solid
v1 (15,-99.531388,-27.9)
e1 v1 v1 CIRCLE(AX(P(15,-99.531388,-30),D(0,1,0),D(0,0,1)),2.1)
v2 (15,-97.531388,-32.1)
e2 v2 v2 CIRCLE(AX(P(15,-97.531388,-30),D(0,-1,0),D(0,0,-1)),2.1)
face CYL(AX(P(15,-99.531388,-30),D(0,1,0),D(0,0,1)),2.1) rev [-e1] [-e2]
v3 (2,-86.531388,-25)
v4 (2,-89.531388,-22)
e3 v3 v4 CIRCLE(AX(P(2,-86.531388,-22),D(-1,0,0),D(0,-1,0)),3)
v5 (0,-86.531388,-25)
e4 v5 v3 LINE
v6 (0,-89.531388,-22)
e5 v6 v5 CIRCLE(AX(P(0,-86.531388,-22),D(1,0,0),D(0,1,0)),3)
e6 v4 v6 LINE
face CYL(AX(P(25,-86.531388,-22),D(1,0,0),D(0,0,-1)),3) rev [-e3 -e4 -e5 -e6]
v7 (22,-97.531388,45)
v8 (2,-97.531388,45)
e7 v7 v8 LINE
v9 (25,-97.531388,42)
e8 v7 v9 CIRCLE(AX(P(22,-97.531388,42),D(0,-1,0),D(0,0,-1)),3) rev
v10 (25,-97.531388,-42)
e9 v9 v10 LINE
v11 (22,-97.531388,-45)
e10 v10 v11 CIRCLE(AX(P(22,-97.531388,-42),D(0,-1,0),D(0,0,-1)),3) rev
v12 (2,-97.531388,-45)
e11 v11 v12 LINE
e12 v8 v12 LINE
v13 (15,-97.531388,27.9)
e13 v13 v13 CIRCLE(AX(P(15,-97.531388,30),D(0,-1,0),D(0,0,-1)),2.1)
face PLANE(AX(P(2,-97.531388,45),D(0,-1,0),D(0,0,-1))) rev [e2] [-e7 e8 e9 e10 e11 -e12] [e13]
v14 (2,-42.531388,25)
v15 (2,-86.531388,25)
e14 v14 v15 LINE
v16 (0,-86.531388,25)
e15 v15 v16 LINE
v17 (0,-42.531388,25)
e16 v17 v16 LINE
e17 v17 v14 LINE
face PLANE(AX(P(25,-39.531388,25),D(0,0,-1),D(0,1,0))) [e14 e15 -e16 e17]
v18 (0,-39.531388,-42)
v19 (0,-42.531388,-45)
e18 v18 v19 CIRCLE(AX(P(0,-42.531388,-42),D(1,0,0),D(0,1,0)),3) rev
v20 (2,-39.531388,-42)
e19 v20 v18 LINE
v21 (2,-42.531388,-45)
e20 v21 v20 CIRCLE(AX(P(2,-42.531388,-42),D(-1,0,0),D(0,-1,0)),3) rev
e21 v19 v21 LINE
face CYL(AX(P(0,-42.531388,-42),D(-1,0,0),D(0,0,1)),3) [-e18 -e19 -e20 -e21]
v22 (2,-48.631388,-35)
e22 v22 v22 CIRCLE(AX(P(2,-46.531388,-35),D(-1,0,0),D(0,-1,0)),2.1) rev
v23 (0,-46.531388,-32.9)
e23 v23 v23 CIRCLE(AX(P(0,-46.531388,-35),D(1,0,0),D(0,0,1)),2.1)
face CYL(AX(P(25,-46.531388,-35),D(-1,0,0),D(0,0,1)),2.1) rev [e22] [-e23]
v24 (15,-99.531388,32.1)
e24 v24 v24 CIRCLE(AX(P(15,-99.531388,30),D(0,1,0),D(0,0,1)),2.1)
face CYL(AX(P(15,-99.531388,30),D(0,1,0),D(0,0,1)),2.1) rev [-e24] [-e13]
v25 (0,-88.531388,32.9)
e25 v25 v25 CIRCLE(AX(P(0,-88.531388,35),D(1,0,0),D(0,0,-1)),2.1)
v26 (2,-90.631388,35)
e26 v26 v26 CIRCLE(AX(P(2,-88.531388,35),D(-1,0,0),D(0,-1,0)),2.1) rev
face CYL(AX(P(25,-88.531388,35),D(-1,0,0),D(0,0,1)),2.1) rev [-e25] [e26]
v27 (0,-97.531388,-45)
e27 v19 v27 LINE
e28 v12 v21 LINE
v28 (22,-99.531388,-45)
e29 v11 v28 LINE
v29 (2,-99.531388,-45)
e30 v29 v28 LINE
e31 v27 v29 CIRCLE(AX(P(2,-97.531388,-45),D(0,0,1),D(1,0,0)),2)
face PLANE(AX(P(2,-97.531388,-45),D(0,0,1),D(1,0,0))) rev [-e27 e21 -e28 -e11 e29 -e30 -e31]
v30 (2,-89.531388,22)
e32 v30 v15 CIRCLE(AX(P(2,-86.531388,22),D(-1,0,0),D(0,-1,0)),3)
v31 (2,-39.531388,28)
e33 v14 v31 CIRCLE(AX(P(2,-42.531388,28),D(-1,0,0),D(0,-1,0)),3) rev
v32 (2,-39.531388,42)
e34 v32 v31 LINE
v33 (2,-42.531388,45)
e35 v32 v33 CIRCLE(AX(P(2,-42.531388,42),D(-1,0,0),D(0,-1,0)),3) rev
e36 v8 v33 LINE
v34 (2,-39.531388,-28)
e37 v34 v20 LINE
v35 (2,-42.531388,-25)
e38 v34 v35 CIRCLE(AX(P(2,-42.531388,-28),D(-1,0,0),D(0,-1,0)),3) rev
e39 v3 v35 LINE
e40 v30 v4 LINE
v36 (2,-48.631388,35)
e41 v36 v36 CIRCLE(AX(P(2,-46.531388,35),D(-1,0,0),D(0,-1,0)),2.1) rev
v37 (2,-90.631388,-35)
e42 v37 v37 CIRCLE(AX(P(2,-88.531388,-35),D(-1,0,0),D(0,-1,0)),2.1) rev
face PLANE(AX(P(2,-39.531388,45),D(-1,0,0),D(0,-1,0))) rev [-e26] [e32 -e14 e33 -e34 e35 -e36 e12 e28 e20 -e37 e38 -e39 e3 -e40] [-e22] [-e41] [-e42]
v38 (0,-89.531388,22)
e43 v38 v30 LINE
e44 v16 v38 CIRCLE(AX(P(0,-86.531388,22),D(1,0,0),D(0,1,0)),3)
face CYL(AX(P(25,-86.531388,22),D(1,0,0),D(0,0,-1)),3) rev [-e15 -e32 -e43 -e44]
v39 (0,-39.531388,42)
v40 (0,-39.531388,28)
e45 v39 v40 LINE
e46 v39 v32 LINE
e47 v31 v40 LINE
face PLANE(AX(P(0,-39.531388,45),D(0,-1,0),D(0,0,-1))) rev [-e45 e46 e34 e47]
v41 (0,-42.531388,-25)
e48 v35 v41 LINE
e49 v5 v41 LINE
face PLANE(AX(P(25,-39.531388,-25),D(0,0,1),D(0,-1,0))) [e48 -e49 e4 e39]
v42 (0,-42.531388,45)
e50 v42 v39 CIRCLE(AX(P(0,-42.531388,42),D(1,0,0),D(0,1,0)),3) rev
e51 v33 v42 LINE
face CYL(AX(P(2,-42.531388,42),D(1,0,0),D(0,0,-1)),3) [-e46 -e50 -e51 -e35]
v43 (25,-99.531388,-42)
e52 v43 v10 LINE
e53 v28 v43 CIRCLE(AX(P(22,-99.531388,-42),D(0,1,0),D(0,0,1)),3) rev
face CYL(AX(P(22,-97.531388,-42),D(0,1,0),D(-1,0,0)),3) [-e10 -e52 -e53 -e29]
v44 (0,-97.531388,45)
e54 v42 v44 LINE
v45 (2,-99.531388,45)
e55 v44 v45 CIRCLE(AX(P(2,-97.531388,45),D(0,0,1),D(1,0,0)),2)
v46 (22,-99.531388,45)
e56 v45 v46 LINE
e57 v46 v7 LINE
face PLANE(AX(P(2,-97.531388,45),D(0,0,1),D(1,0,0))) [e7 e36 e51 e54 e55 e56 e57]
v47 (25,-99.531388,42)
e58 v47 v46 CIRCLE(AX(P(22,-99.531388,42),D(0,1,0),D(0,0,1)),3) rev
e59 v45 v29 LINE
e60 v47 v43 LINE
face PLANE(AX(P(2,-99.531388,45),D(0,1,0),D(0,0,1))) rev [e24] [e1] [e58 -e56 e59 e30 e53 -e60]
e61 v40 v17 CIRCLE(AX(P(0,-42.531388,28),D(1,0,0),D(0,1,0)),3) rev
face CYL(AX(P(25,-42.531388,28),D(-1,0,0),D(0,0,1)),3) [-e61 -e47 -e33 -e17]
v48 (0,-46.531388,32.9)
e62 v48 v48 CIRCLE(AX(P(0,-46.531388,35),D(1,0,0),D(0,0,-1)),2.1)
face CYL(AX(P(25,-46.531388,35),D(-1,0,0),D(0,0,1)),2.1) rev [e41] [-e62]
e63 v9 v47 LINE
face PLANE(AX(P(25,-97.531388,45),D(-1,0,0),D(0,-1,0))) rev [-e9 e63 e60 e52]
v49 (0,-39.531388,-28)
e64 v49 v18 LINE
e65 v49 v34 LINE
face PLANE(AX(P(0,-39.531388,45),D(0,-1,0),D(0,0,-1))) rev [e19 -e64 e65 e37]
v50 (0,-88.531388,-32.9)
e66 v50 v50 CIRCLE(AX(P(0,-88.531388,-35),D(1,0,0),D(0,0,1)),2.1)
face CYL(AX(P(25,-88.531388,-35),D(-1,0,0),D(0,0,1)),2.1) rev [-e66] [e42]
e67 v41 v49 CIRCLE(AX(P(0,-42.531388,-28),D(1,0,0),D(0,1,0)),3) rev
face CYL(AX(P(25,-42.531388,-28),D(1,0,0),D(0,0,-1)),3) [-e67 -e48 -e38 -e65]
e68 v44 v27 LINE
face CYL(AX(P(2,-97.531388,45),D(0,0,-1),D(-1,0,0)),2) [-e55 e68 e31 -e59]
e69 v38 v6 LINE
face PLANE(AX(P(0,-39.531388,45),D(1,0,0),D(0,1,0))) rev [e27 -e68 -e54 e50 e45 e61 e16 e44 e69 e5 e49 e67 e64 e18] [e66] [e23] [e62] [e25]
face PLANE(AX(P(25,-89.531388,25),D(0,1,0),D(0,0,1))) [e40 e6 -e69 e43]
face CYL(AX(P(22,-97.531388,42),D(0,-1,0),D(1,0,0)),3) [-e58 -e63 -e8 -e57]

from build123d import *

# Parameters (mm, degrees)
EXTRUDE_1_DEPTH     = 45
SKETCH_2_R          = 2.1
SKETCH_2_W          = 50
SKETCH_2_H          = 50
CUT_EXTRUDE_2_DEPTH = 113.055777281
SKETCH_3_R          = 2.1
CUT_EXTRUDE_3_DEPTH = 113.055777281
FILLET_1_R          = 3


with BuildPart() as part:
    # ｽｹｯﾁ1 → ﾎﾞｽ - 押し出し1 (new, symmetric)
    with BuildSketch(Plane.XY):
        with BuildLine():
            Line((0, -39.531388125), (2, -39.531388125))
            Line((2, -39.531388125), (2, -97.531388125))
            Line((2, -97.531388125), (25, -97.531388125))
            Line((25, -97.531388125), (25, -99.531388125))
            Line((25, -99.531388125), (2, -99.531388125))
            ThreePointArc((2, -99.531388125), (0.585786438, -98.945601688), (0, -97.531388125))
            Line((0, -97.531388125), (0, -39.531388125))
        make_face()
    extrude(amount=EXTRUDE_1_DEPTH, both=True)

    # ｽｹｯﾁ2 → ｶｯﾄ - 押し出し2 (cut, through all)
    with BuildSketch(Plane(origin=(0, 0, 0), x_dir=(0, 0, -1), z_dir=(1, 0, 0))):
        with Locations(Location((-35, -46.531388125, 0), (0, 0, 270))):
            Circle(SKETCH_2_R)
        with Locations(Location((-35, -88.531388125, 0), (0, 0, 270))):
            Circle(SKETCH_2_R)
        with Locations(Location((35, -88.531388125, 0), (0, 0, 180))):
            Circle(SKETCH_2_R)
        with Locations(Location((35, -46.531388125, 0), (0, 0, 180))):
            Circle(SKETCH_2_R)
        with Locations((0, -64.531388125)):
            Rectangle(SKETCH_2_W, SKETCH_2_H)
    extrude(amount=CUT_EXTRUDE_2_DEPTH, mode=Mode.SUBTRACT)

    # ｽｹｯﾁ3 → ｶｯﾄ - 押し出し3 (cut, through all)
    with BuildSketch(Plane(origin=(0, 0, 0), x_dir=(1, 0, 0), z_dir=(0, 1, 0))):
        with Locations(Location((15, 30, 0), (0, 0, 270))):
            Circle(SKETCH_3_R)
        with Locations(Location((15, -30, 0), (0, 0, 270))):
            Circle(SKETCH_3_R)
    extrude(amount=-CUT_EXTRUDE_3_DEPTH, mode=Mode.SUBTRACT)

    # ﾌｨﾚｯﾄ1
    fillet_1_edges = [part.edges().sort_by_distance(p)[0] for p in [
        (25, -98.531388125, 45),
        (1, -39.531388125, -25),
        (1, -39.531388125, 45),
        (1, -39.531388125, 25),
        (1, -89.531388125, 25),
        (1, -89.531388125, -25),
        (1, -39.531388125, -45),
        (25, -98.531388125, -45),
    ]]
    fillet(fillet_1_edges, radius=FILLET_1_R)


solid = part.part
